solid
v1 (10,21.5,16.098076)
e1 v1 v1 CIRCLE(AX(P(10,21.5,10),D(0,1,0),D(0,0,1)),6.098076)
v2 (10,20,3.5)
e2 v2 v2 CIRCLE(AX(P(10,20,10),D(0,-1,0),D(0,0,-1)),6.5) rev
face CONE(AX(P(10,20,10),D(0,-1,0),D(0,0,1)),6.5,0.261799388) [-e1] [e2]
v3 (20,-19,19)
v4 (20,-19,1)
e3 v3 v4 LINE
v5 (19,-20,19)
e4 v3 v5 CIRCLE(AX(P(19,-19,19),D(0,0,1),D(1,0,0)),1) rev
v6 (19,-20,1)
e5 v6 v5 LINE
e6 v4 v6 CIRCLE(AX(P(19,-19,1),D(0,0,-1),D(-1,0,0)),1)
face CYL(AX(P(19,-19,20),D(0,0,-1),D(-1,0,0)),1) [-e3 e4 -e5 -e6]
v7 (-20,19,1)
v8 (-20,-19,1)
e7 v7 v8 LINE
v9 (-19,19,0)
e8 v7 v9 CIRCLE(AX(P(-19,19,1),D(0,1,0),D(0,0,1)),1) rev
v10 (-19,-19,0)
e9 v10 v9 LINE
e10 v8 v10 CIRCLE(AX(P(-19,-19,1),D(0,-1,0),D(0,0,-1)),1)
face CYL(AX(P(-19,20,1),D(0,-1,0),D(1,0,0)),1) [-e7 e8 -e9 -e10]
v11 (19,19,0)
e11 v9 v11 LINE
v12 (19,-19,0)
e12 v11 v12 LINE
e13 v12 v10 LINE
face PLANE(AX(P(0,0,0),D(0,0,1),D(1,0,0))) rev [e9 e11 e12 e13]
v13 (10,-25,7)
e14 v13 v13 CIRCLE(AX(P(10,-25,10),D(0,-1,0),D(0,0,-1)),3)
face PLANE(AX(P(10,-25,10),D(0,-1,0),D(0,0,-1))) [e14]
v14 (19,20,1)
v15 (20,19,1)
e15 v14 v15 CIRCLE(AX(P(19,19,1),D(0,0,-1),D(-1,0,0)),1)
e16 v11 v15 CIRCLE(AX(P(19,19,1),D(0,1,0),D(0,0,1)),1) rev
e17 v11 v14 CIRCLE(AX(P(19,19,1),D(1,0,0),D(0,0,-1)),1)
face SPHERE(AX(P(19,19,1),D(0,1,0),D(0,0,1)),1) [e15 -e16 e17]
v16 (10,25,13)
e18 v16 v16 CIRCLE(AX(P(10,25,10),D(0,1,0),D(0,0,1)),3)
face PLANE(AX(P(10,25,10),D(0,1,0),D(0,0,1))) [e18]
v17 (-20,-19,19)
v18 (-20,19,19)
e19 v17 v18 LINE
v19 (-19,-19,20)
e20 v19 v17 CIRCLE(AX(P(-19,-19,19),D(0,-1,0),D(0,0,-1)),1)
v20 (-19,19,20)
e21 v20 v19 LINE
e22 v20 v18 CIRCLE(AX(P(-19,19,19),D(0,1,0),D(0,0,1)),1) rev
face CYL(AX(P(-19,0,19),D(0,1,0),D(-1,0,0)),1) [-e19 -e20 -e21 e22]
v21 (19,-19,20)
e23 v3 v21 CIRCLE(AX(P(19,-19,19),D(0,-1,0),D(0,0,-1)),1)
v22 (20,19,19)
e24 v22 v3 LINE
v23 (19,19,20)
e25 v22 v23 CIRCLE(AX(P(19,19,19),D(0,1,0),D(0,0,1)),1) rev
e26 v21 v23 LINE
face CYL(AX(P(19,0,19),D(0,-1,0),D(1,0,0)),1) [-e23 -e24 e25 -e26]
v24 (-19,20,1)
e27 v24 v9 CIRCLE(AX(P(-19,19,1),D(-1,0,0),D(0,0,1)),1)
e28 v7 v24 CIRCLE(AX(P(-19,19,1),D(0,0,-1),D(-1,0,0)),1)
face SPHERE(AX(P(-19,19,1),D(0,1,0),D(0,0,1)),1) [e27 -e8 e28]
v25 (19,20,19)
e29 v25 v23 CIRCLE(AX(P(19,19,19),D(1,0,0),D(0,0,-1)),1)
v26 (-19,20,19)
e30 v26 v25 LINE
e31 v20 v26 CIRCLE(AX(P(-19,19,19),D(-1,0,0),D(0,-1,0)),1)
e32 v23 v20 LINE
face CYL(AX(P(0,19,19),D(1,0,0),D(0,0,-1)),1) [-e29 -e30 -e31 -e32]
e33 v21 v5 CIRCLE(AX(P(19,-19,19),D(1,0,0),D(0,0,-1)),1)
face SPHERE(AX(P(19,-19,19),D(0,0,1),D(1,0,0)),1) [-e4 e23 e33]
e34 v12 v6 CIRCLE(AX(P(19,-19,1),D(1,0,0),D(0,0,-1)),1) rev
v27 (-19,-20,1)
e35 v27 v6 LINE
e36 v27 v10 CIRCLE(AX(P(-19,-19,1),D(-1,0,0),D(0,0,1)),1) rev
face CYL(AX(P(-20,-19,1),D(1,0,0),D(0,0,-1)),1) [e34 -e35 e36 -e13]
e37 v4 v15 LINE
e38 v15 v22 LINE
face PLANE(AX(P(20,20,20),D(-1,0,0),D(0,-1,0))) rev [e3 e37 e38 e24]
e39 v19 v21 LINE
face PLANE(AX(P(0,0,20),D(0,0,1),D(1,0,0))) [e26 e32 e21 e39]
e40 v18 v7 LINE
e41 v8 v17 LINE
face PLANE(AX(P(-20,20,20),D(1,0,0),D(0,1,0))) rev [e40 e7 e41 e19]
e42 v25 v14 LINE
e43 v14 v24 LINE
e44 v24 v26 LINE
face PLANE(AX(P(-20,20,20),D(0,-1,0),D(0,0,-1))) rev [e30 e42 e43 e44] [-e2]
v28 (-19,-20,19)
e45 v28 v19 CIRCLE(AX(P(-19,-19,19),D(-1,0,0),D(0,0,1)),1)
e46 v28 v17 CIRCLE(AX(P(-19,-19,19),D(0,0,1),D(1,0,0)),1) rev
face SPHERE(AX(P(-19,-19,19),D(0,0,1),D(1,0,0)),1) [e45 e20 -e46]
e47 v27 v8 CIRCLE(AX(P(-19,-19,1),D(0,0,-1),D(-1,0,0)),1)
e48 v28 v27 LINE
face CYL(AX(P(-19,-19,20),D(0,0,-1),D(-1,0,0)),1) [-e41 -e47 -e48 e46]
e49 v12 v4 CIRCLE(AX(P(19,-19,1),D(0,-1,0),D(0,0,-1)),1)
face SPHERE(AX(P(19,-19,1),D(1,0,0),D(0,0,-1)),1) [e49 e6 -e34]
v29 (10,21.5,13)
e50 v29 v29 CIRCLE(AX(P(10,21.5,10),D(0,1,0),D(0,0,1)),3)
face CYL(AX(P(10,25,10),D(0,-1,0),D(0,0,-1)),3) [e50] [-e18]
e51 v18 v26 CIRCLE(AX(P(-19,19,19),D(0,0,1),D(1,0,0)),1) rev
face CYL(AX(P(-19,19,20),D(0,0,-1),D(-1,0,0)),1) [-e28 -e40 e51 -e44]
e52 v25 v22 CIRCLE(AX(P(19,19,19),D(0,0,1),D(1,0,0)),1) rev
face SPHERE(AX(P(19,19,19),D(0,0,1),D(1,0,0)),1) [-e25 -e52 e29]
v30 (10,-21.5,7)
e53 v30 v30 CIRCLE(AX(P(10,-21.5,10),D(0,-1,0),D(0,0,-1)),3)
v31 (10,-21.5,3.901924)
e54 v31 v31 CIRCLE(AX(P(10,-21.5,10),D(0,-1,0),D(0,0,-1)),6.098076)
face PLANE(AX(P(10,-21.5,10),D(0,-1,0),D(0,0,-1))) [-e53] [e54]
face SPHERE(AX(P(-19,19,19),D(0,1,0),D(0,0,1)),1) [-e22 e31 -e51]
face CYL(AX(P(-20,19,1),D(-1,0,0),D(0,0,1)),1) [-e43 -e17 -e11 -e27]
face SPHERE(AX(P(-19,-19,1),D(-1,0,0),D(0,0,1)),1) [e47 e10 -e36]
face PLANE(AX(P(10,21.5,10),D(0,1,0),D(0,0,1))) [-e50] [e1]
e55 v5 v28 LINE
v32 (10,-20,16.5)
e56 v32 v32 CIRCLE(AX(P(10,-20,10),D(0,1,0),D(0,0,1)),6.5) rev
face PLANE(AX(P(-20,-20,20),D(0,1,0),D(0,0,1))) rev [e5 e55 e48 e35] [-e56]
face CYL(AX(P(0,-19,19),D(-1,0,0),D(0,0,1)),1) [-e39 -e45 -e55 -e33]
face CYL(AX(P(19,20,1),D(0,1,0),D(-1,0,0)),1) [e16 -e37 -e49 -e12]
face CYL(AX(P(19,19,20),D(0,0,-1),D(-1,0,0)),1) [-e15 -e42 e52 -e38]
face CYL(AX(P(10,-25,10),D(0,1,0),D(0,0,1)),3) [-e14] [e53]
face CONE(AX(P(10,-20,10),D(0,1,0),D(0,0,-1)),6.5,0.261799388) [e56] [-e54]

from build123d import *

# Parameters (mm, degrees)
SKETCH_1_W      = 40
SKETCH_1_H      = 40
EXTRUDE_1_DEPTH = 20
FILLET_1_R      = 1
SKETCH_2_R      = 6.5
EXTRUDE_2_DEPTH = 1.5
EXTRUDE_2_TAPER = 15
SKETCH_3_R      = 3
EXTRUDE_3_DEPTH = 3.5
SKETCH_4_R      = 6.5
EXTRUDE_4_DEPTH = 1.5
EXTRUDE_4_TAPER = 15
EXTRUDE_START   = 3.5
SKETCH_5_R      = 3
EXTRUDE_5_DEPTH = 3.5


with BuildPart() as part:
    # 草图1 → 凸台-拉伸1 (new body)
    with BuildSketch(Plane.XY):
        Rectangle(SKETCH_1_W, SKETCH_1_H)
    extrude(amount=EXTRUDE_1_DEPTH)

    # 圆角1
    fillet_1_edges = [part.edges().sort_by_distance(p)[0] for p in [
        (-20, 0, 20),
        (0, -20, 20),
        (20, 0, 20),
        (0, -20, 0),
        (-20, 0, 0),
        (0, 20, 0),
        (20, 0, 0),
        (20, -20, 10),
        (-20, -20, 10),
        (-20, 20, 10),
        (20, 20, 10),
        (0, 20, 20),
    ]]
    fillet(fillet_1_edges, radius=FILLET_1_R)

    # 草图2 → 凸台-拉伸2 (add)
    with BuildSketch(Plane(origin=(0, 20, 0), x_dir=(1, 0, 0), z_dir=(0, 1, 0))):
        with Locations((10, -10)):
            Circle(SKETCH_2_R)
    extrude(amount=EXTRUDE_2_DEPTH, taper=EXTRUDE_2_TAPER)

    # 草图3 → 凸台-拉伸3 (add)
    with BuildSketch(Plane(origin=(0, 21.5, 0), x_dir=(1, 0, 0), z_dir=(0, 1, 0))):
        with Locations(Location((10, -10, 0), (0, 0, 270))):
            Circle(SKETCH_3_R)
    extrude(amount=EXTRUDE_3_DEPTH)

    # 草图4 → 凸台-拉伸4 (add)
    with BuildSketch(Plane.XZ.offset(20)):
        with Locations((10, 10)):
            Circle(SKETCH_4_R)
    extrude(amount=EXTRUDE_4_DEPTH, taper=EXTRUDE_4_TAPER)

    # 草图5 → 凸台-拉伸5 (add)
    with BuildSketch(Plane.XZ.offset(21.5).offset(EXTRUDE_START)):
        with Locations(Location((10, 10, 0), (0, 0, 90))):
            Circle(SKETCH_5_R)
    extrude(amount=-EXTRUDE_5_DEPTH)


solid = part.part
